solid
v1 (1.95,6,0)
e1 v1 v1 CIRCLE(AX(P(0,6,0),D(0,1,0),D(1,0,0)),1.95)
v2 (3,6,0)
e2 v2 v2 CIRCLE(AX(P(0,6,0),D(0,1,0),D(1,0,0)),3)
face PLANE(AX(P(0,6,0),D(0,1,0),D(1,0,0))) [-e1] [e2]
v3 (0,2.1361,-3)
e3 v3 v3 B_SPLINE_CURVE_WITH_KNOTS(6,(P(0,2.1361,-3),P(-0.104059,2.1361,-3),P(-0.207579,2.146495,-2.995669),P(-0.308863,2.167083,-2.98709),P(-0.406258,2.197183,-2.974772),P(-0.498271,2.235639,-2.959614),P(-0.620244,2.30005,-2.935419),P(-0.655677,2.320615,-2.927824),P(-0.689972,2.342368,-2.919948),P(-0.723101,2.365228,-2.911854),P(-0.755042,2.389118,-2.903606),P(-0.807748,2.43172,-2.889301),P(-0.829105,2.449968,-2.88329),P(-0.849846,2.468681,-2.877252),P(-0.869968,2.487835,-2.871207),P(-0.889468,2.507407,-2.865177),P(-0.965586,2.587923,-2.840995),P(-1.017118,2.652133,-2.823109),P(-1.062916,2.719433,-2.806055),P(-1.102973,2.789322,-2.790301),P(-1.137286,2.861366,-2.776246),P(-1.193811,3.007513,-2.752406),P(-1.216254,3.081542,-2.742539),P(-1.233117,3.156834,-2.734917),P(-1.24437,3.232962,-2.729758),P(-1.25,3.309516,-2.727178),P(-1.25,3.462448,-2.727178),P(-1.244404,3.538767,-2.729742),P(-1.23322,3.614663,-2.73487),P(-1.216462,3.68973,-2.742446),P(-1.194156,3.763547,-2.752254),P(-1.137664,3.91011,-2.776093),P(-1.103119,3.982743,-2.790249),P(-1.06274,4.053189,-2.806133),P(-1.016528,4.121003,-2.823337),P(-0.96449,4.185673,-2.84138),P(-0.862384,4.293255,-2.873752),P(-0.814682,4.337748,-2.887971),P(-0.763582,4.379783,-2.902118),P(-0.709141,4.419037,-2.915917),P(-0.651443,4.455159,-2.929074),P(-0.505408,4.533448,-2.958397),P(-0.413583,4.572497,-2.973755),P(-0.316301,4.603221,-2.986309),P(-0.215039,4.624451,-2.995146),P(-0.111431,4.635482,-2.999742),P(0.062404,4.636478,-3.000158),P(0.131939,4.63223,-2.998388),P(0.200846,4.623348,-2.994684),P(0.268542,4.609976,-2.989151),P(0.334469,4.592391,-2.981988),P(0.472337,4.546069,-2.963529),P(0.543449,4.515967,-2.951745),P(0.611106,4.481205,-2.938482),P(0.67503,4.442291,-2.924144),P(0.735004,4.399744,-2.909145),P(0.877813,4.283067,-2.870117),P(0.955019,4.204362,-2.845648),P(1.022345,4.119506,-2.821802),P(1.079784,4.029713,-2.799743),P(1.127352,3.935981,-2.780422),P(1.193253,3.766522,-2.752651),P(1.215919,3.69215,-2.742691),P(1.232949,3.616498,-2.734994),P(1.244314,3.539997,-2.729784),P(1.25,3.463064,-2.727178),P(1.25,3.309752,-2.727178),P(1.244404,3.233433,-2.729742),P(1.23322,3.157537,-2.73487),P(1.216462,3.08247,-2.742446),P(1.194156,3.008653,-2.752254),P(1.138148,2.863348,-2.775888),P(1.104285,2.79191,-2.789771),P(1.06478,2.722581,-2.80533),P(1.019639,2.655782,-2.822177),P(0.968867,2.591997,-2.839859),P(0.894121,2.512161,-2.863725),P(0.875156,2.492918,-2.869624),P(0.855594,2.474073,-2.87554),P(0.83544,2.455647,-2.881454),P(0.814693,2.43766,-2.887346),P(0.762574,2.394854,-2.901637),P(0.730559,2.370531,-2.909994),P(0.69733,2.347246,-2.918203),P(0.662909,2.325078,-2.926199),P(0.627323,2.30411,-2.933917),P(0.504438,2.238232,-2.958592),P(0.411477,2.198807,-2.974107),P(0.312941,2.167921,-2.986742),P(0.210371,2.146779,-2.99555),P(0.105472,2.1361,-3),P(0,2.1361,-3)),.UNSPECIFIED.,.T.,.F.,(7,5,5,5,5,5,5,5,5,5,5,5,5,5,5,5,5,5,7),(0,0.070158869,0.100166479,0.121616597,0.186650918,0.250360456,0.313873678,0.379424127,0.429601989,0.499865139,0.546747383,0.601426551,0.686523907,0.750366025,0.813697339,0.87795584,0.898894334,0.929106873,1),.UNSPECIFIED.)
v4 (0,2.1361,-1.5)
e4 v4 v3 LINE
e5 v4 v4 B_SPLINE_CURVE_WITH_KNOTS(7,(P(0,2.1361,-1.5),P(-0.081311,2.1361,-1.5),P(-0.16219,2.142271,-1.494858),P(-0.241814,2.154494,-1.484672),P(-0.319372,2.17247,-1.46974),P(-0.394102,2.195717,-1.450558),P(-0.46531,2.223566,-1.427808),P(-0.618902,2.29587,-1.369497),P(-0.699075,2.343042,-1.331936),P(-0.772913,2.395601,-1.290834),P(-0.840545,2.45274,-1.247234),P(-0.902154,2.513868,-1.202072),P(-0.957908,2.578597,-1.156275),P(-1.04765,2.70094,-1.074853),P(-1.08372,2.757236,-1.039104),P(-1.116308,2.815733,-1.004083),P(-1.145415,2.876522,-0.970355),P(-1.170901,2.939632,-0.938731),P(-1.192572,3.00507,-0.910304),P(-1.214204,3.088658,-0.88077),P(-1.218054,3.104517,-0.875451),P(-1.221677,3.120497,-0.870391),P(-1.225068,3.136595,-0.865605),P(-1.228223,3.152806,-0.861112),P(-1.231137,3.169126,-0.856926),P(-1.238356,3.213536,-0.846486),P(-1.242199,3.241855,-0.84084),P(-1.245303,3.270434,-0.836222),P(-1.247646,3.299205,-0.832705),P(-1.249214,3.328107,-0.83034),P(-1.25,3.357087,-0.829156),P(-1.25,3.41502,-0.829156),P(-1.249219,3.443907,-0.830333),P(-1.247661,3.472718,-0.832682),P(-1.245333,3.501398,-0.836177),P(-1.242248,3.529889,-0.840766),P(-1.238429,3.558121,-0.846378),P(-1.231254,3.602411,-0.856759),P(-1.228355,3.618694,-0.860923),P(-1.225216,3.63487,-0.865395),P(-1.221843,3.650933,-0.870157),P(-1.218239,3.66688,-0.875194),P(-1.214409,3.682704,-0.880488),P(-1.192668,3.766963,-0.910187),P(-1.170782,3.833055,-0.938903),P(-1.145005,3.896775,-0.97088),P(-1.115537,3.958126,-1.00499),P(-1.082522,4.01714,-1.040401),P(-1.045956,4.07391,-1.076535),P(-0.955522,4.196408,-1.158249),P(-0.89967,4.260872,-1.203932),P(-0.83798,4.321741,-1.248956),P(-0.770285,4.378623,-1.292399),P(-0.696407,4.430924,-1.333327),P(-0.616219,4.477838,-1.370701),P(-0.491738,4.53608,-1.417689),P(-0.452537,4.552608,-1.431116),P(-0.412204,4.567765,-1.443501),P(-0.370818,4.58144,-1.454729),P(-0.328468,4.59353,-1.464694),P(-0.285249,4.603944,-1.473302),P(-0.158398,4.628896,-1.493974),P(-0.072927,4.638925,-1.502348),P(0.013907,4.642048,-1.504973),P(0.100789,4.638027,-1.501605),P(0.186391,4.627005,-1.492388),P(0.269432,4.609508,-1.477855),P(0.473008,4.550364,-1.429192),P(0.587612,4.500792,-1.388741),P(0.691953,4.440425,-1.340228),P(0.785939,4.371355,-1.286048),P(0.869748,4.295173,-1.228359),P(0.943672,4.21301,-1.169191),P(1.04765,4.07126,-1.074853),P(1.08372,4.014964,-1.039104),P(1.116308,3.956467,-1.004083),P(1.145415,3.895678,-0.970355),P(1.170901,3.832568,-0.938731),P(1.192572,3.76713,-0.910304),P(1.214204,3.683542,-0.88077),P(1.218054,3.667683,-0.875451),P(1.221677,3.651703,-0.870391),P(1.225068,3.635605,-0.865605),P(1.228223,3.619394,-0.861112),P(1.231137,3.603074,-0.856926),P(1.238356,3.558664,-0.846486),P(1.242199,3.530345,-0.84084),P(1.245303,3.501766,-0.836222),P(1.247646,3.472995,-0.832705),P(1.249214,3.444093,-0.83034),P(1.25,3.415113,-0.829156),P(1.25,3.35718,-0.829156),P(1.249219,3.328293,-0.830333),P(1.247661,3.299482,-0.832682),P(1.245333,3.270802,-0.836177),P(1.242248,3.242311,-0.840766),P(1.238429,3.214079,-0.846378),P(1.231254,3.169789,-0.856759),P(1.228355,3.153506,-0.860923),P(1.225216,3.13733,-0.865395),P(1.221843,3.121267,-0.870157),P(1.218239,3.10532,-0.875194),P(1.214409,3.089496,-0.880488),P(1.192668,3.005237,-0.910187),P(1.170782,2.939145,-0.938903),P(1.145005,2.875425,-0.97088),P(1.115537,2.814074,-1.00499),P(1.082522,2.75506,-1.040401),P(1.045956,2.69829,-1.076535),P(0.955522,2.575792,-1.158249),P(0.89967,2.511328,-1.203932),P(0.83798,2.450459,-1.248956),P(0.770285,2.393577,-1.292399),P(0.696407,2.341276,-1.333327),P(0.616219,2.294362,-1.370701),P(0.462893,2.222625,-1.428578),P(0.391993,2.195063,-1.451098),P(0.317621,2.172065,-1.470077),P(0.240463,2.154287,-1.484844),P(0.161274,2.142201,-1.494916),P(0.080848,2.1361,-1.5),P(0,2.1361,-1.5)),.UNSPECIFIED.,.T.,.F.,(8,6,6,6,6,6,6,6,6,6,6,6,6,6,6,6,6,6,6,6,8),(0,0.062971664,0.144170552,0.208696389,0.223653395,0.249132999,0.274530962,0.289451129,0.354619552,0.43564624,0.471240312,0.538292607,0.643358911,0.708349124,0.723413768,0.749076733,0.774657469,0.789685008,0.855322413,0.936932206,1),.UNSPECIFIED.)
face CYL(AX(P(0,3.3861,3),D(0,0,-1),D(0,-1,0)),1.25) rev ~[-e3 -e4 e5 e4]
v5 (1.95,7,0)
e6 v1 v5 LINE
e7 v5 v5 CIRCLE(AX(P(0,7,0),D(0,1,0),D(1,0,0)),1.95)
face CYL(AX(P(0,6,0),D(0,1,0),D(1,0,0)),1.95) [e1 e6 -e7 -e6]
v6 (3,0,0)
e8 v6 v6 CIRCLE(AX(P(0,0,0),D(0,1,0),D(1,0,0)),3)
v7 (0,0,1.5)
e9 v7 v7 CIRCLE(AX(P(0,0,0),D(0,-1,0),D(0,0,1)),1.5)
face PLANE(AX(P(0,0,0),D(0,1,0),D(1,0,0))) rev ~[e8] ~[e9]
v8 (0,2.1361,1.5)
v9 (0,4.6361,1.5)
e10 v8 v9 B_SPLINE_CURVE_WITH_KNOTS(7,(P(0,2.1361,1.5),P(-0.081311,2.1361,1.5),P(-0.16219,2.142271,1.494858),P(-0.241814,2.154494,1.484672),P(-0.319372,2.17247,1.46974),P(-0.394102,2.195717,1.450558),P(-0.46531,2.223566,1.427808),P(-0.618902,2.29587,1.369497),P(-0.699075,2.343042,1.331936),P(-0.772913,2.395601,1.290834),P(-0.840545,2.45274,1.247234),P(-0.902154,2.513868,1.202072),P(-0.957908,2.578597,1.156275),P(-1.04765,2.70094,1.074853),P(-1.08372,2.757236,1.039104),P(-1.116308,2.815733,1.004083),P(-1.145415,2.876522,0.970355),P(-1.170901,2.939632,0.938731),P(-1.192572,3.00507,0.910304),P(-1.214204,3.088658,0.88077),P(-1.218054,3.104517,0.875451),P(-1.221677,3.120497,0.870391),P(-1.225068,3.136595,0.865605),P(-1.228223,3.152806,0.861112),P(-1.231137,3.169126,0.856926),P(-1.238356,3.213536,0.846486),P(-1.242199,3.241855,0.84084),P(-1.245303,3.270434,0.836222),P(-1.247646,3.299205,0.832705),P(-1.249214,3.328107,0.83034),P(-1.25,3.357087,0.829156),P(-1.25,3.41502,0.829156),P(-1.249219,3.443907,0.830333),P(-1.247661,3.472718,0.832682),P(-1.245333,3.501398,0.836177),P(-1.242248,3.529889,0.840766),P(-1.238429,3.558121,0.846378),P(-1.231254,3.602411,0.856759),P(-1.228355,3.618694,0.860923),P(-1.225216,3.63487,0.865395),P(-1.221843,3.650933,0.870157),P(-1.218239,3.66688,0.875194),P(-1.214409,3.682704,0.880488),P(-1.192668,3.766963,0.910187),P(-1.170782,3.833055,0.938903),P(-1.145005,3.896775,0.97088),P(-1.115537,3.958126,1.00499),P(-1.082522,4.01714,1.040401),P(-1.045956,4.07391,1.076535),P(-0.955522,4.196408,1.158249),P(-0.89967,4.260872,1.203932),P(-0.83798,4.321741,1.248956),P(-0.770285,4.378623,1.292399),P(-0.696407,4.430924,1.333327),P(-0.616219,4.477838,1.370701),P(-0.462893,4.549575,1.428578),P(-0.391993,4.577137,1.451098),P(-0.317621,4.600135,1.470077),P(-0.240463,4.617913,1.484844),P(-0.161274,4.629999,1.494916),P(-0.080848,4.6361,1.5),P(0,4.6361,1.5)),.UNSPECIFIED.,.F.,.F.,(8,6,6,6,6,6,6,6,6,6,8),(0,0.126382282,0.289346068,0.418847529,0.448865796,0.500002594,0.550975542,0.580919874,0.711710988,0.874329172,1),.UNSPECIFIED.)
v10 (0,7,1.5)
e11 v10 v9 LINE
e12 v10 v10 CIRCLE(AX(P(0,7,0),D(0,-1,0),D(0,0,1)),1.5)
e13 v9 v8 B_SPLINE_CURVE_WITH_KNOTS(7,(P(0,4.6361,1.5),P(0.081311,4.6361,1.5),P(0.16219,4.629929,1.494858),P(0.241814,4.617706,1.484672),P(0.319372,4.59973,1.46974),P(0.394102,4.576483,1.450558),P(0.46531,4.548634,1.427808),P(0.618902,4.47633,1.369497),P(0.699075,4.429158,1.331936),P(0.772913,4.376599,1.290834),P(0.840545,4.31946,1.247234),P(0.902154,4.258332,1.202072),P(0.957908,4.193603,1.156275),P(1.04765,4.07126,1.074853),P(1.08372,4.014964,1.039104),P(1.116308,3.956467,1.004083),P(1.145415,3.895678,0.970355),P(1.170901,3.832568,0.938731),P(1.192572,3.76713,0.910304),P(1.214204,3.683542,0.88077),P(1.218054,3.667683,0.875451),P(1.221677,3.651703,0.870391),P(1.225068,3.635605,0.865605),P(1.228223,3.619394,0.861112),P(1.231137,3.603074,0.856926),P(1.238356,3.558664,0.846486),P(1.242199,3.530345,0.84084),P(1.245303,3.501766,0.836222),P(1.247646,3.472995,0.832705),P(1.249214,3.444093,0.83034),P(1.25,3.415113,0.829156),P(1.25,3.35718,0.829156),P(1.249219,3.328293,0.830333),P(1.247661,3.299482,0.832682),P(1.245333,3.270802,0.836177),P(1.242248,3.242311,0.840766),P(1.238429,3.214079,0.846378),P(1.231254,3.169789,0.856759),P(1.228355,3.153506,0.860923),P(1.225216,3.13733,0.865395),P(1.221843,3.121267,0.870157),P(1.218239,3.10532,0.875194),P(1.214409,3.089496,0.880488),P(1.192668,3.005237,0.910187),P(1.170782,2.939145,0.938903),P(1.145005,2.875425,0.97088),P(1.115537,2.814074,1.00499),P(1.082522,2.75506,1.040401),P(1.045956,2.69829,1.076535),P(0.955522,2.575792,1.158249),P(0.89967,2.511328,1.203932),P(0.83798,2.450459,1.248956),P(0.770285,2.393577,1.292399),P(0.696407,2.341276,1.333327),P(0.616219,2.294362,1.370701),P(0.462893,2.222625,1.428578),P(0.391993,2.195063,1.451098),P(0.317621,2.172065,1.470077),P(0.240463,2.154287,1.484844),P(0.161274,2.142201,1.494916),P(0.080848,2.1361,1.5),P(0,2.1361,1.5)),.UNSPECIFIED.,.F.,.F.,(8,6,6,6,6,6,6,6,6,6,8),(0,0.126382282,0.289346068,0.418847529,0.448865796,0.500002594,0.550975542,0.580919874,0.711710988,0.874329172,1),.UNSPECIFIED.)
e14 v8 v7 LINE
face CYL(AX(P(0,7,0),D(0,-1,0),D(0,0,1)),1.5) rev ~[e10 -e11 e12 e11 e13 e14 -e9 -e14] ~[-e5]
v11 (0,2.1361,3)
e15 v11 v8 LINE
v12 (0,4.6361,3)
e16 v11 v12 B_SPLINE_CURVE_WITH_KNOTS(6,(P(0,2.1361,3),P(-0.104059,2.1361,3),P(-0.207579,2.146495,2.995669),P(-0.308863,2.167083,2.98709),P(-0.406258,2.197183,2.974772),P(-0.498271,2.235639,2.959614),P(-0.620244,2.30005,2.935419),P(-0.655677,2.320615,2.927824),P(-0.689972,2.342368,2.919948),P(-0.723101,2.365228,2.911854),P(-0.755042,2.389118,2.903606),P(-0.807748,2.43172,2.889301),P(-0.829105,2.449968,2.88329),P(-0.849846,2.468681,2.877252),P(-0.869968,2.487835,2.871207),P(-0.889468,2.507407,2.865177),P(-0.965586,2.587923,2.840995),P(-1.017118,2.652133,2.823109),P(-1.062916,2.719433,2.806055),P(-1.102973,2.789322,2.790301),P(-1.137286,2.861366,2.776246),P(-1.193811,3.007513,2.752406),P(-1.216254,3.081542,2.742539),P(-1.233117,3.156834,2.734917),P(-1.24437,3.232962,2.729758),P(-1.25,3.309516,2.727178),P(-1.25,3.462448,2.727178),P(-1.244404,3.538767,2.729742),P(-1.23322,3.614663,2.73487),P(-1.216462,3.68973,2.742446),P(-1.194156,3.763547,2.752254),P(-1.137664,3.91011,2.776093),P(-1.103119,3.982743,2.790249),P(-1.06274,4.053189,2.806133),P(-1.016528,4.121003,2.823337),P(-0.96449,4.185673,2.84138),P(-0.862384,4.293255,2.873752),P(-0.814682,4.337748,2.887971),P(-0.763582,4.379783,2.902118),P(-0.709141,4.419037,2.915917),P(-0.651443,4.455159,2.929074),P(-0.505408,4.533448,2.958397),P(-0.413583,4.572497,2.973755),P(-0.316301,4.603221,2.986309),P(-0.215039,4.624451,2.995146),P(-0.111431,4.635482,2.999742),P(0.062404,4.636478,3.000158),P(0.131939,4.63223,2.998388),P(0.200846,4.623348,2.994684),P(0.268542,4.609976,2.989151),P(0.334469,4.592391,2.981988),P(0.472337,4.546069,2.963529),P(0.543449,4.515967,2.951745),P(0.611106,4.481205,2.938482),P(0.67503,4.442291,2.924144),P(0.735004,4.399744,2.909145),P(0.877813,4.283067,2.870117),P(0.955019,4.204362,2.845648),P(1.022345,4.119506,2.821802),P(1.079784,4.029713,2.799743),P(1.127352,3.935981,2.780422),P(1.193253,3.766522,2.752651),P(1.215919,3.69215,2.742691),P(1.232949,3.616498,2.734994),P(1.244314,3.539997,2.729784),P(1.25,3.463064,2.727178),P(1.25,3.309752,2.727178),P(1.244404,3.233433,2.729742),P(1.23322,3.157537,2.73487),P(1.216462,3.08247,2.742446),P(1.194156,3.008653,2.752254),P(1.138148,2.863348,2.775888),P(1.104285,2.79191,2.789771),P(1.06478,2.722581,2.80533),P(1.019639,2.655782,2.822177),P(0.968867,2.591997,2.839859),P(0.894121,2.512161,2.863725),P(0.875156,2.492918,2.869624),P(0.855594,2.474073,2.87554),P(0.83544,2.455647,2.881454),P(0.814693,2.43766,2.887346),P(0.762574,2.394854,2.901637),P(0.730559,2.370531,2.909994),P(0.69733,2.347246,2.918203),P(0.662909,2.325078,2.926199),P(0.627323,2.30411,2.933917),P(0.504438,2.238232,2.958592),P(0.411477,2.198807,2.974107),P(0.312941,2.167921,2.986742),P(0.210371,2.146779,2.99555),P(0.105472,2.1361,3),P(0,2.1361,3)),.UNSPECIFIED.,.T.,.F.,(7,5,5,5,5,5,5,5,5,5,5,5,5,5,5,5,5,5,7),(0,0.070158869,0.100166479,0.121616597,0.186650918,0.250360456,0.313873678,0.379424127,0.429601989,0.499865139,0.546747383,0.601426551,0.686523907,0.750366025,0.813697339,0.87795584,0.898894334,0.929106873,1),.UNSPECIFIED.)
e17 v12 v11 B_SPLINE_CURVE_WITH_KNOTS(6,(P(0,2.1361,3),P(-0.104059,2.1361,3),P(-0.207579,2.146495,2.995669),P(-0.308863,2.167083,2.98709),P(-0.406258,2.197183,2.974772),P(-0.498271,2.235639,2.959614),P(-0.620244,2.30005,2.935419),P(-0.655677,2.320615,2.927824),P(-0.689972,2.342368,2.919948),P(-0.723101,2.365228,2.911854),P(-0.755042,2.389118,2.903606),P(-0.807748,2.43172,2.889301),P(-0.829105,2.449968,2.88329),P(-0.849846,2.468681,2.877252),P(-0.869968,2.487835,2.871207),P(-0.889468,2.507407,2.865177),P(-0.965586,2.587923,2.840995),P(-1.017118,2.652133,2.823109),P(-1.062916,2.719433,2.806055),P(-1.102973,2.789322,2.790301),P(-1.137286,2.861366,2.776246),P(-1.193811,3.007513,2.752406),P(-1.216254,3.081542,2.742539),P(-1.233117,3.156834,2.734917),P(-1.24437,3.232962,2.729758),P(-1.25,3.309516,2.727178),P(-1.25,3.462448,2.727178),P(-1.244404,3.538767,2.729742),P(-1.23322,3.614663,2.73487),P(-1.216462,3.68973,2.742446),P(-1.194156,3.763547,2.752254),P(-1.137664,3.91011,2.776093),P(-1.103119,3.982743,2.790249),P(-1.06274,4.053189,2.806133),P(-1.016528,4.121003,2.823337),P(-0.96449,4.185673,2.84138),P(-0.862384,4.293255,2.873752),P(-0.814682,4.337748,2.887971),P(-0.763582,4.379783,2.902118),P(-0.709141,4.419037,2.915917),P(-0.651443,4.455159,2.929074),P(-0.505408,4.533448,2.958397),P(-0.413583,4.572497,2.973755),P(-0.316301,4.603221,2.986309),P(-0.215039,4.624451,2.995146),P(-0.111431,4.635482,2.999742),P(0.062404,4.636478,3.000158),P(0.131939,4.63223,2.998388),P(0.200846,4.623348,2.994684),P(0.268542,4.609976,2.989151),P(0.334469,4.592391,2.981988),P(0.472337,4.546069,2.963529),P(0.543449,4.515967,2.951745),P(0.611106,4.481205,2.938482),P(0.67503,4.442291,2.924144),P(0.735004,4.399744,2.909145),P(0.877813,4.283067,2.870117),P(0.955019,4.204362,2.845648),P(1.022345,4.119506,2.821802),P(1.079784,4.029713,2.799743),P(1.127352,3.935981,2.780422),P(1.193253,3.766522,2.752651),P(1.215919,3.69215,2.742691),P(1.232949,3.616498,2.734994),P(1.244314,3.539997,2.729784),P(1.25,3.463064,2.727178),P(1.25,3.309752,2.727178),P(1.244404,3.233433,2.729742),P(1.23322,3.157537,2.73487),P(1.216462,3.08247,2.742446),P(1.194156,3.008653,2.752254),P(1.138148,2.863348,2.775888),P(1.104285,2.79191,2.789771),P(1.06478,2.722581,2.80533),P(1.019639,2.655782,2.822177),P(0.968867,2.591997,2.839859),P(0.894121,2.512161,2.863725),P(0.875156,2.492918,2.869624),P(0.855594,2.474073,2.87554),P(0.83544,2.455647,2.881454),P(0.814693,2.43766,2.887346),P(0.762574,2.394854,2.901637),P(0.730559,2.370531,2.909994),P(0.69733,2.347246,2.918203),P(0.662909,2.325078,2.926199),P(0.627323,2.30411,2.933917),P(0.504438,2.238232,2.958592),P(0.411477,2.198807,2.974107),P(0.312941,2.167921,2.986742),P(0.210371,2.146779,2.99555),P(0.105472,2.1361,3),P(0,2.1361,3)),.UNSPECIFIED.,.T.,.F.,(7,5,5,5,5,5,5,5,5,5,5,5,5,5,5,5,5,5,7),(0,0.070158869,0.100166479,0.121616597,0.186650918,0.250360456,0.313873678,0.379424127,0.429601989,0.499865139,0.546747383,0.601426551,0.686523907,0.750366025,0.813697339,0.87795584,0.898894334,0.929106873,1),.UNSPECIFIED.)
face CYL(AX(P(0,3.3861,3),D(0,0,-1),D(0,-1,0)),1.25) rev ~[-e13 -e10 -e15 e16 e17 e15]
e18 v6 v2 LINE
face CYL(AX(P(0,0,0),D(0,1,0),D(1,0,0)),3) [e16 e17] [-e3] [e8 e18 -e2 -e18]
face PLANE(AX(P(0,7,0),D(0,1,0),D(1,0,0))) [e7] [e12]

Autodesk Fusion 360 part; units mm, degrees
cylinder "CylinderPrimitive1" add diameter 6 height 6 placed x (1, 0, 0) y (0, 0, -1) z (0, 1, 0) at (0, 0, 0)
cylinder "CylinderPrimitive2" add diameter 3.9 height 1 placed x (1, 0, 0) y (0, 0, -1) z (0, 1, 0) at (0, 6, 0)
hole "Hole1" at (0, 7, 0) direction (0, -1, 0) diameter 3 end through all
hole "Hole2" at (0, 3.3861, 3) direction (0, 0, -1) diameter 2.5 depth 7 tip angle 118
